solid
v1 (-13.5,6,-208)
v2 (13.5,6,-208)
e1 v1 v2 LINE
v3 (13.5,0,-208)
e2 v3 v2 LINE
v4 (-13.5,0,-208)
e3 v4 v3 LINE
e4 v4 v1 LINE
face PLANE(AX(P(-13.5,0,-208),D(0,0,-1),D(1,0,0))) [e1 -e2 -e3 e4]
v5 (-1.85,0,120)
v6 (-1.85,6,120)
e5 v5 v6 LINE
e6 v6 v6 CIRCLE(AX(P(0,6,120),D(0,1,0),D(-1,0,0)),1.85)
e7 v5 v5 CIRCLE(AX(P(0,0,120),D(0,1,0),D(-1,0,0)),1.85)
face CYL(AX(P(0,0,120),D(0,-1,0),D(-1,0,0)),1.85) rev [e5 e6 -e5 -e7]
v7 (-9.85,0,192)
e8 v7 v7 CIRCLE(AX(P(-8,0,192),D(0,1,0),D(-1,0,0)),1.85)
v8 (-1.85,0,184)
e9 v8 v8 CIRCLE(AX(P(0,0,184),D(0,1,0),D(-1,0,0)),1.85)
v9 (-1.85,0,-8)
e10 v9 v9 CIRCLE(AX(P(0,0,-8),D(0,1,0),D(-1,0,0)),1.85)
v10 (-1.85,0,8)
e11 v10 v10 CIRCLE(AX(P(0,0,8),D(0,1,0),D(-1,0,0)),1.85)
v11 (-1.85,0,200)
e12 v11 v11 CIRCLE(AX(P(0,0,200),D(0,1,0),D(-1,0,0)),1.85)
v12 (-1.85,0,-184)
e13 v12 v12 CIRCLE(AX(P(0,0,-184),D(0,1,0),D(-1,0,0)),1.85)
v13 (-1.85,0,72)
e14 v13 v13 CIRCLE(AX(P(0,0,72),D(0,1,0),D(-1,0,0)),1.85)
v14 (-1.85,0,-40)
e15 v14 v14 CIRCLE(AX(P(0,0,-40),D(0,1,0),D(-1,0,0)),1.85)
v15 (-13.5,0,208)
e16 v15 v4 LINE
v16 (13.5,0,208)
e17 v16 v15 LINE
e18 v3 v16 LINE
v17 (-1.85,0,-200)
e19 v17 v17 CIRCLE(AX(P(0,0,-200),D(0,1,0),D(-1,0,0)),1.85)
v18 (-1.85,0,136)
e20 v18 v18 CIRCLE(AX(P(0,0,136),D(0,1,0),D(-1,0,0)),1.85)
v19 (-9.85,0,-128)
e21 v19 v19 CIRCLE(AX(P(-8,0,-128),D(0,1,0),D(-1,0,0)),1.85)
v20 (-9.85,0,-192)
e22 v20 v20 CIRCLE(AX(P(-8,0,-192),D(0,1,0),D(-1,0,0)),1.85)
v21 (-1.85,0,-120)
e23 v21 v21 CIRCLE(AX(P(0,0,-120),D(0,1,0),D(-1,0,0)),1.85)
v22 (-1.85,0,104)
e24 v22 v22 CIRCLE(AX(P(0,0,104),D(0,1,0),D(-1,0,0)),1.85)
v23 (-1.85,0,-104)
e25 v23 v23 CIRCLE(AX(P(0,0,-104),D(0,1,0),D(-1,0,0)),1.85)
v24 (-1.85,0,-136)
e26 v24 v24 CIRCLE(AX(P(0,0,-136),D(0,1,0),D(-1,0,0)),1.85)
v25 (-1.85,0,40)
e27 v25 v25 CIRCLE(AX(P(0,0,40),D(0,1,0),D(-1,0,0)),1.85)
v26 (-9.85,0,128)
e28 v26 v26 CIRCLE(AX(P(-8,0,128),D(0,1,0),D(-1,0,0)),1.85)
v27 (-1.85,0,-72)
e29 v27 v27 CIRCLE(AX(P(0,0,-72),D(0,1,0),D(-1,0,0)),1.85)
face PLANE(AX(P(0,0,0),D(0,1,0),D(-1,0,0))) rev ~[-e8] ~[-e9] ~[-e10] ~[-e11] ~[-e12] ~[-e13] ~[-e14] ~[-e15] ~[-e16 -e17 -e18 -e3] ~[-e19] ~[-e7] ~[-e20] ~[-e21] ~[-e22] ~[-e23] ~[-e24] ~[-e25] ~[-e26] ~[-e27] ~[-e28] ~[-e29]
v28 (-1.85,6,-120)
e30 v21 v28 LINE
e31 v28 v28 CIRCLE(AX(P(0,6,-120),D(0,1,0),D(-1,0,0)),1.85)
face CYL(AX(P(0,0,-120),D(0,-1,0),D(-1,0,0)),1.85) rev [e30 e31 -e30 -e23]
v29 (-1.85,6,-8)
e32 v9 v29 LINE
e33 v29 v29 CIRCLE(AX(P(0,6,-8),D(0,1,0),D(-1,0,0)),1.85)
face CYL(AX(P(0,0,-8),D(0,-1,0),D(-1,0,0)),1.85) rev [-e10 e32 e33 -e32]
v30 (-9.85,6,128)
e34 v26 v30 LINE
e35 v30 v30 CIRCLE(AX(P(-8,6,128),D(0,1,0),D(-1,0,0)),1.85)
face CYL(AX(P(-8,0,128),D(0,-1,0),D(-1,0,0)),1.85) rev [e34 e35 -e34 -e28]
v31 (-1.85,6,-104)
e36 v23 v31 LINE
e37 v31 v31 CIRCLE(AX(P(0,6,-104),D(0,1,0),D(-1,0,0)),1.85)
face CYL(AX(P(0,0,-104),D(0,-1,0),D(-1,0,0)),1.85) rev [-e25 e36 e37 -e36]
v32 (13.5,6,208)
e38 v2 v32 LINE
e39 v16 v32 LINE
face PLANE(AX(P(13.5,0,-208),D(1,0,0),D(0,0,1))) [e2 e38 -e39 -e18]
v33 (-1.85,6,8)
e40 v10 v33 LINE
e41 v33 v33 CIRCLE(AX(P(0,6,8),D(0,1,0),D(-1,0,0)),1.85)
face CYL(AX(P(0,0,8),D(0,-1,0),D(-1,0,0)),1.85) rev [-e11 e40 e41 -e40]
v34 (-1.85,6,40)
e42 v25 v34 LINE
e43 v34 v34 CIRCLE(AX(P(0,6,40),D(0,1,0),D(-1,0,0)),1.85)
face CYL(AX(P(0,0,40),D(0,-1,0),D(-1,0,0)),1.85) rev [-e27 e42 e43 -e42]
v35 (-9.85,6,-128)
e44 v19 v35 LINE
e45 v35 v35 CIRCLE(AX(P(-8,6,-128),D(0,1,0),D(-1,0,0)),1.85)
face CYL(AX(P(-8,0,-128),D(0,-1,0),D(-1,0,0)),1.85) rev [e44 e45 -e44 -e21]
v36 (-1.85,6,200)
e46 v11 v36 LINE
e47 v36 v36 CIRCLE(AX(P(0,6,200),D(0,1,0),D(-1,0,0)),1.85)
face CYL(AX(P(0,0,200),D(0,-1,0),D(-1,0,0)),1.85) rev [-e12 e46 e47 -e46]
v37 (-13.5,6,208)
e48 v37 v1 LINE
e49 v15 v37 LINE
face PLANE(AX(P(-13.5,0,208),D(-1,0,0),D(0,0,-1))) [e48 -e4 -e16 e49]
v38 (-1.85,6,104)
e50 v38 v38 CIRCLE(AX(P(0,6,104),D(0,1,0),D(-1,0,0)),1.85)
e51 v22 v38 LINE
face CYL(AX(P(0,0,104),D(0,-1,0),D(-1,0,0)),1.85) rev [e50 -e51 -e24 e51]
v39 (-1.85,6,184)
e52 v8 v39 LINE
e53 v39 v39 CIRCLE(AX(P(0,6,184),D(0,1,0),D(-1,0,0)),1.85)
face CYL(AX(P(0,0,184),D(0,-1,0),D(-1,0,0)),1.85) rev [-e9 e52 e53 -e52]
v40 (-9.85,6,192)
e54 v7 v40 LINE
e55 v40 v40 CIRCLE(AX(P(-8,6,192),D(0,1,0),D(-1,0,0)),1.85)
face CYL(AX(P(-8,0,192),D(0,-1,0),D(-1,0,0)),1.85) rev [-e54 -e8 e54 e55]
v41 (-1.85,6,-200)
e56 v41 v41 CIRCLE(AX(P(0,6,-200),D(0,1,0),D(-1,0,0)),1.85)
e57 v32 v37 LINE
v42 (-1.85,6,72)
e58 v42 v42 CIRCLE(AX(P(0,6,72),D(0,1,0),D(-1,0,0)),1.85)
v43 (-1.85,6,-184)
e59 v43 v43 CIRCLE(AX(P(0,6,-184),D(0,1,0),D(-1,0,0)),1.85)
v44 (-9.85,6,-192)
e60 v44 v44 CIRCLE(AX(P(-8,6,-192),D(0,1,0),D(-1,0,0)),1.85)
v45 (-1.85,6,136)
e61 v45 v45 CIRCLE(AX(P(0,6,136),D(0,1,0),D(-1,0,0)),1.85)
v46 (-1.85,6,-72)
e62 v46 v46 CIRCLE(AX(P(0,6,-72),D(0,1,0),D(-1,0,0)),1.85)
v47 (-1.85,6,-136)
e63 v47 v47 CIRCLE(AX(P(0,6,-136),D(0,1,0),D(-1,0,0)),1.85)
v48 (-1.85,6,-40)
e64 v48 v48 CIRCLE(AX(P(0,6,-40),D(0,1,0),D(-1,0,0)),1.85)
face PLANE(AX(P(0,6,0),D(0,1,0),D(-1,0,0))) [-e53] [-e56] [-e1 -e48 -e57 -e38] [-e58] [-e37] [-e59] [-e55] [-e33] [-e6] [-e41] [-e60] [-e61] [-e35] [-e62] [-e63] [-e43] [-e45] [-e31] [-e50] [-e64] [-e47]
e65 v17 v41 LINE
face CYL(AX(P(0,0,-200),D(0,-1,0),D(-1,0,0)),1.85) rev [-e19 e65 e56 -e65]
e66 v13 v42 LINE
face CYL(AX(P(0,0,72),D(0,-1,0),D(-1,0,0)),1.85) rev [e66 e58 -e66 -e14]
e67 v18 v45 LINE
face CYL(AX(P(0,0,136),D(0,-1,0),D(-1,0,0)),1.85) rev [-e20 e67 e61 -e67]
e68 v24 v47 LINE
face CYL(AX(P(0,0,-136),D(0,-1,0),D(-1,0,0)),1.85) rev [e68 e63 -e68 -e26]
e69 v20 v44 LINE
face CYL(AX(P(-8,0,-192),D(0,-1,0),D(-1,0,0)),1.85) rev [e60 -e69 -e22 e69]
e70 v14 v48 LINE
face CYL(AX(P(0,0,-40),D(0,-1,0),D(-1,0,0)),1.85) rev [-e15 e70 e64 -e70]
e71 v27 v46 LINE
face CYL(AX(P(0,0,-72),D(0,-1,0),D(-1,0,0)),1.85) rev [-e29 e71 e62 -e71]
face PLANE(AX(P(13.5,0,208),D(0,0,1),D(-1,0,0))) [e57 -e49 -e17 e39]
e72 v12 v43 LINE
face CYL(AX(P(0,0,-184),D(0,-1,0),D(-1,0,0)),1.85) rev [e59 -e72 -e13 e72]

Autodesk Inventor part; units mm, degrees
ref_plane "YZ Plane" through (0, 0, 0) normal (1, 0, 0) x (0, 1, 0)
ref_plane "XZ Plane" through (0, 0, 0) normal (0, 1, 0) x (-1, 0, 0)
ref_plane "XY Plane" through (0, 0, 0) normal (0, 0, 1) x (1, 0, 0)
sketch "Sketch1" plane through (0, 0, 0) normal (0, 1, 0) x (-1, 0, 0)
  line L0 (-13.5, 208) -> (13.5, 208)
  line L1 (13.5, 208) -> (13.5, -208)
  line L2 (13.5, -208) -> (-13.5, -208)
  line L3 (-13.5, -208) -> (-13.5, 208)
  line L4 (-13.5, 208) -> (13.5, -208) construction
  line L5 (13.5, 208) -> (-13.5, -208) construction
  circle A0 centre (0, 200) radius 1.85 projected
  circle A1 centre (0, 184) radius 1.85 projected
  circle A2 centre (0, 136) radius 1.85 projected
  circle A3 centre (0, 120) radius 1.85 projected
  circle A4 centre (0, 104) radius 1.85 projected
  circle A5 centre (0, 72) radius 1.85 projected
  circle A6 centre (0, 40) radius 1.85 projected
  circle A7 centre (0, 8) radius 1.85 projected
  circle A8 centre (0, 8) radius 1.85 projected
  circle A9 centre (0, -8) radius 1.85 projected
  circle A10 centre (0, -40) radius 1.85 projected
  circle A11 centre (0, -72) radius 1.85 projected
  circle A12 centre (0, -104) radius 1.85 projected
  circle A13 centre (0, -120) radius 1.85 projected
  circle A14 centre (0, -136) radius 1.85 projected
  circle A15 centre (0, -184) radius 1.85 projected
  circle A16 centre (0, -200) radius 1.85 projected
  circle A17 centre (8, -192) radius 1.85 projected
  circle A18 centre (8, -128) radius 1.85 projected
  circle A19 centre (8, 192) radius 1.85 projected
  circle A20 centre (8, 128) radius 1.85 projected
  point P0 (0, 0)
  dimension "d0" = 27
  dimension "d1" = 416
  dimension "d14" = 8
  dimension "d15" = 5.5
  dimension "d16" = 13.5
  dimension "d17" = 16
  dimension "d18" = 80
  dimension "d19" = 16
  dimension "d20" = 80
  dimension "d21" = 16
  dimension "d22" = 5.5
  dimension "d23" = 5.5
  dimension "d24" = 8
  dimension "d25" = 13.5
  dimension "d26" = 16
  dimension "d27" = 16
  dimension "d28" = 16
  dimension "d29" = 32
  dimension "d30" = 32
  dimension "d31" = 32
  dimension "d32" = 16
  dimension "d33" = 32
  dimension "d34" = 32
  dimension "d35" = 32
  dimension "d36" = 16
  dimension "d37" = 16
  dimension "d38" = 48
  dimension "d39" = 48
  dimension "d40" = 5.5
extrude "Extrusion6" add sketch "Sketch1" along normal blind 6
properties part number "MCbeamdimensions"
